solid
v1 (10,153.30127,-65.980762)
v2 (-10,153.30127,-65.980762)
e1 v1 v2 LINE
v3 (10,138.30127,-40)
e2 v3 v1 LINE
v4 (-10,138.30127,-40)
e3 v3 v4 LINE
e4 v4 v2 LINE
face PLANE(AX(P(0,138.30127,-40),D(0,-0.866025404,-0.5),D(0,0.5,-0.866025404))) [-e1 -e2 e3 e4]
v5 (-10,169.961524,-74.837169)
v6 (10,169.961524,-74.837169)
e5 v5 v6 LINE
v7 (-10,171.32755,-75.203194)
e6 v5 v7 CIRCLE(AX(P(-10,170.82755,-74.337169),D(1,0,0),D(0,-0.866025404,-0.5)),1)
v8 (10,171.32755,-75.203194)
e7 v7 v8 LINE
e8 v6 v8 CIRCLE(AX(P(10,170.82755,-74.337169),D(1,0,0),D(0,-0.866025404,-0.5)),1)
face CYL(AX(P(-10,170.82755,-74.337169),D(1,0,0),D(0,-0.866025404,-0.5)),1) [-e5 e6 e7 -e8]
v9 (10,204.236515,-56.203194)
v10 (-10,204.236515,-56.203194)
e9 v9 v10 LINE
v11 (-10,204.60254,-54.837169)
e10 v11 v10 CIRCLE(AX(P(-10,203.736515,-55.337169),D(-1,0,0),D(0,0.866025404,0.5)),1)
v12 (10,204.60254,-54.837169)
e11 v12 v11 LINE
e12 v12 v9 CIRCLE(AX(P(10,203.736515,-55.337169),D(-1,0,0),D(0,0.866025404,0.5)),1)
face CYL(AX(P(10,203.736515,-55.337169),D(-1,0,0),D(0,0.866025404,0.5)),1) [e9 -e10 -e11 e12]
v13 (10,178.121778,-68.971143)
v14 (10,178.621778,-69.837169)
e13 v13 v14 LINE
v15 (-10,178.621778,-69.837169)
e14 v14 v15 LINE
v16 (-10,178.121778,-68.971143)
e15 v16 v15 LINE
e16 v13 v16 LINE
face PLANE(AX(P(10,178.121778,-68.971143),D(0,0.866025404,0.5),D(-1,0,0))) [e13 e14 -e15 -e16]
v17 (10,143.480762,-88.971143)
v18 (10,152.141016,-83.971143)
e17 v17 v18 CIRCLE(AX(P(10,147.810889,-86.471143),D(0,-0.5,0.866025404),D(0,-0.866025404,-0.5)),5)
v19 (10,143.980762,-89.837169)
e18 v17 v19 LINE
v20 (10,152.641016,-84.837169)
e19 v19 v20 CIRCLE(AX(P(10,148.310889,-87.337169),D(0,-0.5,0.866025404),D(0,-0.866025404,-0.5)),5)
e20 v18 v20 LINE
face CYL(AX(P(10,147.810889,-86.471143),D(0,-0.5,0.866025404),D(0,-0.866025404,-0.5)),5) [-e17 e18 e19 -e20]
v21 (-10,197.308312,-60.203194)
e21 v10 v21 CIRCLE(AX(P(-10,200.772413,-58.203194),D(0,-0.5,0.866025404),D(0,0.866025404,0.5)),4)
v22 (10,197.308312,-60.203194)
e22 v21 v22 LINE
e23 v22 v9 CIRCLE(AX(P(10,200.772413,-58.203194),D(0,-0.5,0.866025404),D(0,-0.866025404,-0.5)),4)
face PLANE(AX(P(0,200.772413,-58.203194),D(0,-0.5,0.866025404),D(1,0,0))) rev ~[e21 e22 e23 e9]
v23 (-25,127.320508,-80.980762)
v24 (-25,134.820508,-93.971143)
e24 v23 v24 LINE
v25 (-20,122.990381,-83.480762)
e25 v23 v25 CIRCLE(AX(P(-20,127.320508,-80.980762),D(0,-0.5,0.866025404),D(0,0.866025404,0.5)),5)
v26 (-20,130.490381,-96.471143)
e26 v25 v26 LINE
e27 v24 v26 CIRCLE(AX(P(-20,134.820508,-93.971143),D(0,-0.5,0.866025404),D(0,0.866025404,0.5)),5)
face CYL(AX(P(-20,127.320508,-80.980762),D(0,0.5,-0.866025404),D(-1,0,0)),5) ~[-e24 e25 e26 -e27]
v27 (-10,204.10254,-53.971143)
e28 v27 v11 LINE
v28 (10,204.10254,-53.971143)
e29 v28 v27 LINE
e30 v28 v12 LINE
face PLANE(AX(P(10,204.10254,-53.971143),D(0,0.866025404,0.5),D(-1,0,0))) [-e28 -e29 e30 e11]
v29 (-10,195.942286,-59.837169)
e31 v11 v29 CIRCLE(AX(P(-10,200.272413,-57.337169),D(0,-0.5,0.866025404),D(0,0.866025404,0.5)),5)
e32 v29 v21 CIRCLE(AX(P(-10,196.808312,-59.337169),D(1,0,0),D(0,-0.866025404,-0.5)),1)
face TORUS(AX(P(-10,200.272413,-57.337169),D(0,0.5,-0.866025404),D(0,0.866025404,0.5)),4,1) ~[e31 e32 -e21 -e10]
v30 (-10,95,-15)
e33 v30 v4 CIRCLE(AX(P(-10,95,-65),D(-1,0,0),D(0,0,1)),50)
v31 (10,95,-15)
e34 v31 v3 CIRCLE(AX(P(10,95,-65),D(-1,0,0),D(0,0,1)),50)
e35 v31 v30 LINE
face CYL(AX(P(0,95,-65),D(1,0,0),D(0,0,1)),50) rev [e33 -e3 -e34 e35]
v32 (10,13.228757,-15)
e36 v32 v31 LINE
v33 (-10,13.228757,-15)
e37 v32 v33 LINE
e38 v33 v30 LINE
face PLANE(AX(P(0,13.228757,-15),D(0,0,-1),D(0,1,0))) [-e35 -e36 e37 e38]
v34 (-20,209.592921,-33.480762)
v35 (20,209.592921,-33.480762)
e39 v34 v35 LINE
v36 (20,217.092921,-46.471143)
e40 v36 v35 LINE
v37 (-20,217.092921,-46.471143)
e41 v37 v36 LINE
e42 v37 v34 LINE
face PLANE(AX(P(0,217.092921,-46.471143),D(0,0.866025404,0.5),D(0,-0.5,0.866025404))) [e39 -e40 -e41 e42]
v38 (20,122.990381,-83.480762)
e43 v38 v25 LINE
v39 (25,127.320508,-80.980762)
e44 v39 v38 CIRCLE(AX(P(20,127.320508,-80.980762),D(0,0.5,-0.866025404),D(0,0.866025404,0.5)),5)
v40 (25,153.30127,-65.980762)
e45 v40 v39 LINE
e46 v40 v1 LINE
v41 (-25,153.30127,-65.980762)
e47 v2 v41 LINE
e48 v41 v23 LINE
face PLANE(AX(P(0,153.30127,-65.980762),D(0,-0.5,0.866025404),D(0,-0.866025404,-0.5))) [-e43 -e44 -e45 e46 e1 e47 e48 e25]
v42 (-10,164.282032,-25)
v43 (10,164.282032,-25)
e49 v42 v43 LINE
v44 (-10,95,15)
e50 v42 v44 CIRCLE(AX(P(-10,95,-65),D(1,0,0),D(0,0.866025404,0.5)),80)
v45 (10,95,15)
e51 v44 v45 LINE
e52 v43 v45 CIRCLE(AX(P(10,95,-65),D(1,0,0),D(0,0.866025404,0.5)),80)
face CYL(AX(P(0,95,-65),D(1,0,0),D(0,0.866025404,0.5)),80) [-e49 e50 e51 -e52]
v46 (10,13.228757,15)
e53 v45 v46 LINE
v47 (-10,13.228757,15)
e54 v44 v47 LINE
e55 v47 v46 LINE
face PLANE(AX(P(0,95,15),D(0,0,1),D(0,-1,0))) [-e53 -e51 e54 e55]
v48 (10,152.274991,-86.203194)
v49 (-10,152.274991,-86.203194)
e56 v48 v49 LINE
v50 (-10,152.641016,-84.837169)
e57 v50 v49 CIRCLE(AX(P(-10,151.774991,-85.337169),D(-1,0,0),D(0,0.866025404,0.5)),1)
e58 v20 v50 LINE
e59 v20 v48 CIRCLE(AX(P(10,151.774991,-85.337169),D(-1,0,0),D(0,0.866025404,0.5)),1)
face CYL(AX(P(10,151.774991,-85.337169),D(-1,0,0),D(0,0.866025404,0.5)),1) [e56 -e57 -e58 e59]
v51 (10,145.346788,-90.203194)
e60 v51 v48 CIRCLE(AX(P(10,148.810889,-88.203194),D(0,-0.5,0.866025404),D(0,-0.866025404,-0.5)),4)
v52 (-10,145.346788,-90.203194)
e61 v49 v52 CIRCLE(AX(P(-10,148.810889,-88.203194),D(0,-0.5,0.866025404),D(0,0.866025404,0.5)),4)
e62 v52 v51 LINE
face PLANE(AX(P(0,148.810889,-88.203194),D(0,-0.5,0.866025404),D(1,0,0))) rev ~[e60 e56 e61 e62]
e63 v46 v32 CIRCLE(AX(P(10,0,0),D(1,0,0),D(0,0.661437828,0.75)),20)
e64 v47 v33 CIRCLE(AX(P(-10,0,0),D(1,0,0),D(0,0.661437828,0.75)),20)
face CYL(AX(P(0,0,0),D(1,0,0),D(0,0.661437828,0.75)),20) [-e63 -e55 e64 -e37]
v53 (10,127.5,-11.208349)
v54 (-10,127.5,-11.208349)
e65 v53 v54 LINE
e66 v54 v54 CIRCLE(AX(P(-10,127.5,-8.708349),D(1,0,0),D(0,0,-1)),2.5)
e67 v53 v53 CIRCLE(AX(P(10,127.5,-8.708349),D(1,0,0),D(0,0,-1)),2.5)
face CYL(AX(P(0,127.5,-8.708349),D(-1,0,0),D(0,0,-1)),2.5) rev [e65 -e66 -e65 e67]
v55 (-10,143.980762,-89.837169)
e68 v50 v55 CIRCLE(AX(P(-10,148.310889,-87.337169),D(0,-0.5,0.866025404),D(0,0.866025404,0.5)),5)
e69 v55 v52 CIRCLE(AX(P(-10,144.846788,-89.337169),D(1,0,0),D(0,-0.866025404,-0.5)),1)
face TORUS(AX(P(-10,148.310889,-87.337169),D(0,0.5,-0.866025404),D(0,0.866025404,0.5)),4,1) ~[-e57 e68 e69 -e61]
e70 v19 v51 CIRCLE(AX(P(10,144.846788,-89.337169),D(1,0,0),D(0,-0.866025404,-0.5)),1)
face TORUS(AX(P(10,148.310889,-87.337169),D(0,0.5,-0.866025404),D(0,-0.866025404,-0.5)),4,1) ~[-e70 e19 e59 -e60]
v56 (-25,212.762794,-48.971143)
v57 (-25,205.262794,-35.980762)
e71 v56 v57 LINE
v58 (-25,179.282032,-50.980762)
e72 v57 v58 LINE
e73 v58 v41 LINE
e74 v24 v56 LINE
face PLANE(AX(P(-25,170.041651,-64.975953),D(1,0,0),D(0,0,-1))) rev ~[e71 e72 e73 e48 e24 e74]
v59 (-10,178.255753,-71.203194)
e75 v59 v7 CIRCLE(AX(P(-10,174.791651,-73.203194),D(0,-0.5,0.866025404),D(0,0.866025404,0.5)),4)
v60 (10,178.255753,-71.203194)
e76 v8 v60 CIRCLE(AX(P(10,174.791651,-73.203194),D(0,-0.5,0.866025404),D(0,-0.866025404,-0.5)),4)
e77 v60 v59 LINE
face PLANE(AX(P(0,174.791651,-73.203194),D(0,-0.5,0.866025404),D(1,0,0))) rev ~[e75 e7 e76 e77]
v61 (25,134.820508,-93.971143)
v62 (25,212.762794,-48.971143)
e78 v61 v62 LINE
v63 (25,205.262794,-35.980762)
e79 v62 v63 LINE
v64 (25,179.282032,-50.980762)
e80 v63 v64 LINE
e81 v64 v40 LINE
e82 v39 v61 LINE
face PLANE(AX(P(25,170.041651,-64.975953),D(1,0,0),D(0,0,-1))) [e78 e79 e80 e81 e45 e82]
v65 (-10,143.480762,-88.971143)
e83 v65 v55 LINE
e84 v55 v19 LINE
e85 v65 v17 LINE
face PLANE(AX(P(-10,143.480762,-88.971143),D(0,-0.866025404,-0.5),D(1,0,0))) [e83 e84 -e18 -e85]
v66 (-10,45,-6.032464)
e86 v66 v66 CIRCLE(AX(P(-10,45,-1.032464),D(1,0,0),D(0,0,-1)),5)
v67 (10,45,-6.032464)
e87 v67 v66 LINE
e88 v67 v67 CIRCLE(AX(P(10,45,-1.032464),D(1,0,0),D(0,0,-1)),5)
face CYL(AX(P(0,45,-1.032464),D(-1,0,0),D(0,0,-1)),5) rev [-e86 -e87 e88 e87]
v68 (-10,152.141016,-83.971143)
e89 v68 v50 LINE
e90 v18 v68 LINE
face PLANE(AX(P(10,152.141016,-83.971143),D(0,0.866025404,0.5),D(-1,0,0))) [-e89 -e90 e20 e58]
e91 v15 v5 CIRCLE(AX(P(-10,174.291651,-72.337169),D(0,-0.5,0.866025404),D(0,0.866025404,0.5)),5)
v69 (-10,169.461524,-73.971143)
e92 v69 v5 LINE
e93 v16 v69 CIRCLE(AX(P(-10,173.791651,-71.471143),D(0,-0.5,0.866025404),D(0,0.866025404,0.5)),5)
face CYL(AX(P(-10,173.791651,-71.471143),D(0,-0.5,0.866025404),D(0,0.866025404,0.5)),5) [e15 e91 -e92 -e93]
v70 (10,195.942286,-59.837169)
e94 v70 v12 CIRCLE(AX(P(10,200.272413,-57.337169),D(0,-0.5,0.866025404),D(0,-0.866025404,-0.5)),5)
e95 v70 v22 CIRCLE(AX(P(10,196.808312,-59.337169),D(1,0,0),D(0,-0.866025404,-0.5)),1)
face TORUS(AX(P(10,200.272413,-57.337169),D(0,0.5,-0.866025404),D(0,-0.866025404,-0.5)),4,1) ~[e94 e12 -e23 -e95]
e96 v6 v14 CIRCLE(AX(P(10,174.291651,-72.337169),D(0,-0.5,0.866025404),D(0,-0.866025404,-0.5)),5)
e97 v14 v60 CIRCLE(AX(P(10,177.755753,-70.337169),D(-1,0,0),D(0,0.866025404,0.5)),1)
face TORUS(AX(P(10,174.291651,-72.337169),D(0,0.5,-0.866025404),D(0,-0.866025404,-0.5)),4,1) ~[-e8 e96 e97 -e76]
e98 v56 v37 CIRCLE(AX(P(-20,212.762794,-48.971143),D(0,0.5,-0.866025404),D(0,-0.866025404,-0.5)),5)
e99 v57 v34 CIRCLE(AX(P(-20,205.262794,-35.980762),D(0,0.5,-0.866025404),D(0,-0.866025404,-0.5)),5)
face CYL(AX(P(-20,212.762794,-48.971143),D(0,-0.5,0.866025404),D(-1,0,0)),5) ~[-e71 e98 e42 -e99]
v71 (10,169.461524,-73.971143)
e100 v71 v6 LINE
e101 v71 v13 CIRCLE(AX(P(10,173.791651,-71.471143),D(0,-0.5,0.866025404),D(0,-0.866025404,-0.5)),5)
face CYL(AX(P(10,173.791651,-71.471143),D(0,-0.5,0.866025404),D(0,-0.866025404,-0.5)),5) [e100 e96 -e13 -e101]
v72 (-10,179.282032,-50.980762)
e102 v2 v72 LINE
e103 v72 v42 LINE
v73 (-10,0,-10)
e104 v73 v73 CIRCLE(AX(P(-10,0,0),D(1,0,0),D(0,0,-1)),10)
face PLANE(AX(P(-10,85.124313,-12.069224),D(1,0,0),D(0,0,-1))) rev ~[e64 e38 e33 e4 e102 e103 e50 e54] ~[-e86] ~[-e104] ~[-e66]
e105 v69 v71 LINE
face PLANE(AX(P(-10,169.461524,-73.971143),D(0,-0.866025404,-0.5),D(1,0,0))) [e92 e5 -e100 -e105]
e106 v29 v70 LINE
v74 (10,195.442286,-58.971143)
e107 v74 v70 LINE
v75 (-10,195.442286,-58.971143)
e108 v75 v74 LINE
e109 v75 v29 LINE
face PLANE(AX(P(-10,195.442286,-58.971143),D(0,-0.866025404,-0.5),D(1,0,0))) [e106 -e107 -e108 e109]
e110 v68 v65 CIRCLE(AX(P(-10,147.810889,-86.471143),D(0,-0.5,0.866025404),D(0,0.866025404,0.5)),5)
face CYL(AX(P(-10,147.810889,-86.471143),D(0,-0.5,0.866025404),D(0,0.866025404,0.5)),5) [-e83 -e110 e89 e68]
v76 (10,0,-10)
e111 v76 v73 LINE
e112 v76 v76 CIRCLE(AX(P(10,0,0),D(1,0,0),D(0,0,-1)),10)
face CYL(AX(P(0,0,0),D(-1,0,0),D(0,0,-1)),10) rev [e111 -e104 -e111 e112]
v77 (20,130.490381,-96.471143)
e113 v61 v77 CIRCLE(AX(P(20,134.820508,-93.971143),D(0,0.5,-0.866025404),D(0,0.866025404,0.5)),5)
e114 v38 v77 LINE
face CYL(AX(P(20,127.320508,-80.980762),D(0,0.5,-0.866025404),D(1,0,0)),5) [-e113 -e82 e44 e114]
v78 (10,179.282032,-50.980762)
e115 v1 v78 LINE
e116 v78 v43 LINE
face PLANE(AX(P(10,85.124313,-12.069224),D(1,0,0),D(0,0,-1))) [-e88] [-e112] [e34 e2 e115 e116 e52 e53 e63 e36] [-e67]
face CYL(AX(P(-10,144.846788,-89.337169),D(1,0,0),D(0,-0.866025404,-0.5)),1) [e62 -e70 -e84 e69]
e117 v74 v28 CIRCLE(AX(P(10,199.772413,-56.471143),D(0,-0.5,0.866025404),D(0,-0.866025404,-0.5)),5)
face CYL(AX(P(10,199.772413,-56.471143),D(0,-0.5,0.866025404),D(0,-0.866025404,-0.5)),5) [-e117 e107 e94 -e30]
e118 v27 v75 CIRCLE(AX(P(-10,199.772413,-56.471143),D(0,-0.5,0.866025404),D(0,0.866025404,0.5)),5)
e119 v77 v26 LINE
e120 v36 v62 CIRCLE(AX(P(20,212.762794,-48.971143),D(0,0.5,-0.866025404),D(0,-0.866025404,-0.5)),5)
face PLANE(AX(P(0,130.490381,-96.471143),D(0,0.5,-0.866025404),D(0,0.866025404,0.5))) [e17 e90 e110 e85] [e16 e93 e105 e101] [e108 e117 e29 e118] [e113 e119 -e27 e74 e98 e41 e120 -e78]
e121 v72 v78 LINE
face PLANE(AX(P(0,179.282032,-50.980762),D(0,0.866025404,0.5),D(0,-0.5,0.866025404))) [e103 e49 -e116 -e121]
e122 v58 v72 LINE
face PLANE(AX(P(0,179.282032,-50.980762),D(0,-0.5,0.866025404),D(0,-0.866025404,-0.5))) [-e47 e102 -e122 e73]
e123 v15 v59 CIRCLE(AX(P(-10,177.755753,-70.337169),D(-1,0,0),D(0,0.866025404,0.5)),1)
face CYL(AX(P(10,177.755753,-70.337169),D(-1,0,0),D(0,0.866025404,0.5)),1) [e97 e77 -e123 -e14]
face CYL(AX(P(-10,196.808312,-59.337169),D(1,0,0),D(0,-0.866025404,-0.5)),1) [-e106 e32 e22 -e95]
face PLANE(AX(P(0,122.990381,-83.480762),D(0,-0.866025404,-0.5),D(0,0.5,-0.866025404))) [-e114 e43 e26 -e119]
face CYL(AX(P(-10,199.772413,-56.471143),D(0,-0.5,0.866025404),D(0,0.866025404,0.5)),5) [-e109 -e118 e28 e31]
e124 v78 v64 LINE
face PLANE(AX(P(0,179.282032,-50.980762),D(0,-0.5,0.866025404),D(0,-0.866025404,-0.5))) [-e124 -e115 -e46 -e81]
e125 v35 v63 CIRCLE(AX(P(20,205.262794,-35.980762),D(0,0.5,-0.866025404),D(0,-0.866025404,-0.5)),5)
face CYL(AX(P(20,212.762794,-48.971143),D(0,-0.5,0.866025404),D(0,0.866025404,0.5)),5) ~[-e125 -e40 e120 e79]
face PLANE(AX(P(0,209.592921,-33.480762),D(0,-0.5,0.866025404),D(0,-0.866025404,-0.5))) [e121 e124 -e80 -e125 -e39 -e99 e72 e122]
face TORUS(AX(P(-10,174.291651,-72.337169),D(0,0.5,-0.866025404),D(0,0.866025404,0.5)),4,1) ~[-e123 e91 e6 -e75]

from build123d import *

# Parameters (mm, degrees)
SKETCH3_R           = 10
SKETCH3_R_2         = 5
SKETCH3_R_3         = 2.5
BOSS_EXTRUDE1_DEPTH = 10
BOSS_EXTRUDE2_DEPTH = 25
FILLET1_R           = 5
BOSS_EXTRUDE3_DEPTH = 2
FILLET5_R           = 1


with BuildPart() as part:
    # Sketch3 → Boss-Extrude1 (new, symmetric)
    with BuildSketch(Plane(origin=(0, 0, 0), x_dir=(0, 0, -1), z_dir=(1, 0, 0))):
        with BuildLine():
            Line((65.980762114, 153.301270189), (50.980762114, 179.282032303))
            Line((50.980762114, 179.282032303), (25, 164.282032303))
            ThreePointArc((25, 164.282032303), (-4.282032303, 135), (-15, 95))
            Line((-15, 95), (-15, 13.228756555))
            ThreePointArc((-15, 13.228756555), (0, -20), (15, 13.228756555))
            Line((15, 13.228756555), (15, 95))
            ThreePointArc((15, 95), (21.698729811, 120), (40, 138.301270189))
            Line((40, 138.301270189), (65.980762114, 153.301270189))
        make_face()
        Circle(SKETCH3_R, mode=Mode.SUBTRACT)
        with Locations((1.032464383, 45)):
            Circle(SKETCH3_R_2, mode=Mode.SUBTRACT)
        with Locations((8.708348754, 127.5)):
            Circle(SKETCH3_R_3, mode=Mode.SUBTRACT)
    extrude(amount=BOSS_EXTRUDE1_DEPTH, both=True)

    # Sketch3<3> → Boss-Extrude2 (add, symmetric)
    with BuildSketch(Plane(origin=(0, 0, 0), x_dir=(0, 0, -1), z_dir=(1, 0, 0))):
        Polygon((96.47114317, 130.490381057), (46.47114317, 217.092921435), (33.480762114, 209.592921435), (50.980762114, 179.282032303), (65.980762114, 153.301270189), (83.480762114, 122.990381057), align=None)
    extrude(amount=BOSS_EXTRUDE2_DEPTH, both=True)

    # Fillet1
    fillet1_edges = [part.edges().sort_by_distance(p)[0] for p in [
        (25, 213.342921435, -39.975952642),
        (-25, 213.342921435, -39.975952642),
        (-25, 126.740381057, -89.975952642),
        (25, 126.740381057, -89.975952642),
    ]]
    fillet(fillet1_edges, radius=FILLET1_R)

    # Sketch5 → Boss-Extrude3 (add)
    with BuildSketch(Plane(origin=(0, 74.395825623, -128.85734985), x_dir=(-1, 0, 0), z_dir=(0, 0.4999999999999982, -0.8660254037844396))):
        with BuildLine():
            Line((-10, 149.77241336), (10, 149.77241336))
            ThreePointArc((10, 149.77241336), (15, 144.77241336), (10, 139.77241336))
            Line((10, 139.77241336), (-10, 139.77241336))
            ThreePointArc((-10, 139.77241336), (-15, 144.77241336), (-10, 149.77241336))
        make_face()
        with BuildLine():
            Line((-10, 119.77241336), (10, 119.77241336))
            ThreePointArc((10, 119.77241336), (15, 114.77241336), (10, 109.77241336))
            Line((10, 109.77241336), (-10, 109.77241336))
            ThreePointArc((-10, 109.77241336), (-15, 114.77241336), (-10, 119.77241336))
        make_face()
        with BuildLine():
            Line((-10, 89.77241336), (10, 89.77241336))
            ThreePointArc((10, 89.77241336), (15, 84.77241336), (10, 79.77241336))
            Line((10, 79.77241336), (-10, 79.77241336))
            ThreePointArc((-10, 79.77241336), (-15, 84.77241336), (-10, 89.77241336))
        make_face()
    extrude(amount=BOSS_EXTRUDE3_DEPTH)

    # Fillet5
    fillet5_edges = [part.edges().sort_by_distance(p)[0] for p in [
        (15, 174.791651246, -73.203193978),
        (0, 179.121778265, -70.703193978),
        (-15, 174.791651246, -73.203193978),
        (15, 200.77241336, -58.203193978),
        (0, 205.102540378, -55.703193978),
        (-15, 200.77241336, -58.203193978),
        (0, 153.141016151, -85.703193978),
        (-15, 148.810889132, -88.203193978),
        (0, 144.480762114, -90.703193978),
        (15, 148.810889132, -88.203193978),
        (0, 170.461524227, -75.703193978),
        (0, 196.442286341, -60.703193978),
    ]]
    fillet(fillet5_edges, radius=FILLET5_R)


solid = part.part
